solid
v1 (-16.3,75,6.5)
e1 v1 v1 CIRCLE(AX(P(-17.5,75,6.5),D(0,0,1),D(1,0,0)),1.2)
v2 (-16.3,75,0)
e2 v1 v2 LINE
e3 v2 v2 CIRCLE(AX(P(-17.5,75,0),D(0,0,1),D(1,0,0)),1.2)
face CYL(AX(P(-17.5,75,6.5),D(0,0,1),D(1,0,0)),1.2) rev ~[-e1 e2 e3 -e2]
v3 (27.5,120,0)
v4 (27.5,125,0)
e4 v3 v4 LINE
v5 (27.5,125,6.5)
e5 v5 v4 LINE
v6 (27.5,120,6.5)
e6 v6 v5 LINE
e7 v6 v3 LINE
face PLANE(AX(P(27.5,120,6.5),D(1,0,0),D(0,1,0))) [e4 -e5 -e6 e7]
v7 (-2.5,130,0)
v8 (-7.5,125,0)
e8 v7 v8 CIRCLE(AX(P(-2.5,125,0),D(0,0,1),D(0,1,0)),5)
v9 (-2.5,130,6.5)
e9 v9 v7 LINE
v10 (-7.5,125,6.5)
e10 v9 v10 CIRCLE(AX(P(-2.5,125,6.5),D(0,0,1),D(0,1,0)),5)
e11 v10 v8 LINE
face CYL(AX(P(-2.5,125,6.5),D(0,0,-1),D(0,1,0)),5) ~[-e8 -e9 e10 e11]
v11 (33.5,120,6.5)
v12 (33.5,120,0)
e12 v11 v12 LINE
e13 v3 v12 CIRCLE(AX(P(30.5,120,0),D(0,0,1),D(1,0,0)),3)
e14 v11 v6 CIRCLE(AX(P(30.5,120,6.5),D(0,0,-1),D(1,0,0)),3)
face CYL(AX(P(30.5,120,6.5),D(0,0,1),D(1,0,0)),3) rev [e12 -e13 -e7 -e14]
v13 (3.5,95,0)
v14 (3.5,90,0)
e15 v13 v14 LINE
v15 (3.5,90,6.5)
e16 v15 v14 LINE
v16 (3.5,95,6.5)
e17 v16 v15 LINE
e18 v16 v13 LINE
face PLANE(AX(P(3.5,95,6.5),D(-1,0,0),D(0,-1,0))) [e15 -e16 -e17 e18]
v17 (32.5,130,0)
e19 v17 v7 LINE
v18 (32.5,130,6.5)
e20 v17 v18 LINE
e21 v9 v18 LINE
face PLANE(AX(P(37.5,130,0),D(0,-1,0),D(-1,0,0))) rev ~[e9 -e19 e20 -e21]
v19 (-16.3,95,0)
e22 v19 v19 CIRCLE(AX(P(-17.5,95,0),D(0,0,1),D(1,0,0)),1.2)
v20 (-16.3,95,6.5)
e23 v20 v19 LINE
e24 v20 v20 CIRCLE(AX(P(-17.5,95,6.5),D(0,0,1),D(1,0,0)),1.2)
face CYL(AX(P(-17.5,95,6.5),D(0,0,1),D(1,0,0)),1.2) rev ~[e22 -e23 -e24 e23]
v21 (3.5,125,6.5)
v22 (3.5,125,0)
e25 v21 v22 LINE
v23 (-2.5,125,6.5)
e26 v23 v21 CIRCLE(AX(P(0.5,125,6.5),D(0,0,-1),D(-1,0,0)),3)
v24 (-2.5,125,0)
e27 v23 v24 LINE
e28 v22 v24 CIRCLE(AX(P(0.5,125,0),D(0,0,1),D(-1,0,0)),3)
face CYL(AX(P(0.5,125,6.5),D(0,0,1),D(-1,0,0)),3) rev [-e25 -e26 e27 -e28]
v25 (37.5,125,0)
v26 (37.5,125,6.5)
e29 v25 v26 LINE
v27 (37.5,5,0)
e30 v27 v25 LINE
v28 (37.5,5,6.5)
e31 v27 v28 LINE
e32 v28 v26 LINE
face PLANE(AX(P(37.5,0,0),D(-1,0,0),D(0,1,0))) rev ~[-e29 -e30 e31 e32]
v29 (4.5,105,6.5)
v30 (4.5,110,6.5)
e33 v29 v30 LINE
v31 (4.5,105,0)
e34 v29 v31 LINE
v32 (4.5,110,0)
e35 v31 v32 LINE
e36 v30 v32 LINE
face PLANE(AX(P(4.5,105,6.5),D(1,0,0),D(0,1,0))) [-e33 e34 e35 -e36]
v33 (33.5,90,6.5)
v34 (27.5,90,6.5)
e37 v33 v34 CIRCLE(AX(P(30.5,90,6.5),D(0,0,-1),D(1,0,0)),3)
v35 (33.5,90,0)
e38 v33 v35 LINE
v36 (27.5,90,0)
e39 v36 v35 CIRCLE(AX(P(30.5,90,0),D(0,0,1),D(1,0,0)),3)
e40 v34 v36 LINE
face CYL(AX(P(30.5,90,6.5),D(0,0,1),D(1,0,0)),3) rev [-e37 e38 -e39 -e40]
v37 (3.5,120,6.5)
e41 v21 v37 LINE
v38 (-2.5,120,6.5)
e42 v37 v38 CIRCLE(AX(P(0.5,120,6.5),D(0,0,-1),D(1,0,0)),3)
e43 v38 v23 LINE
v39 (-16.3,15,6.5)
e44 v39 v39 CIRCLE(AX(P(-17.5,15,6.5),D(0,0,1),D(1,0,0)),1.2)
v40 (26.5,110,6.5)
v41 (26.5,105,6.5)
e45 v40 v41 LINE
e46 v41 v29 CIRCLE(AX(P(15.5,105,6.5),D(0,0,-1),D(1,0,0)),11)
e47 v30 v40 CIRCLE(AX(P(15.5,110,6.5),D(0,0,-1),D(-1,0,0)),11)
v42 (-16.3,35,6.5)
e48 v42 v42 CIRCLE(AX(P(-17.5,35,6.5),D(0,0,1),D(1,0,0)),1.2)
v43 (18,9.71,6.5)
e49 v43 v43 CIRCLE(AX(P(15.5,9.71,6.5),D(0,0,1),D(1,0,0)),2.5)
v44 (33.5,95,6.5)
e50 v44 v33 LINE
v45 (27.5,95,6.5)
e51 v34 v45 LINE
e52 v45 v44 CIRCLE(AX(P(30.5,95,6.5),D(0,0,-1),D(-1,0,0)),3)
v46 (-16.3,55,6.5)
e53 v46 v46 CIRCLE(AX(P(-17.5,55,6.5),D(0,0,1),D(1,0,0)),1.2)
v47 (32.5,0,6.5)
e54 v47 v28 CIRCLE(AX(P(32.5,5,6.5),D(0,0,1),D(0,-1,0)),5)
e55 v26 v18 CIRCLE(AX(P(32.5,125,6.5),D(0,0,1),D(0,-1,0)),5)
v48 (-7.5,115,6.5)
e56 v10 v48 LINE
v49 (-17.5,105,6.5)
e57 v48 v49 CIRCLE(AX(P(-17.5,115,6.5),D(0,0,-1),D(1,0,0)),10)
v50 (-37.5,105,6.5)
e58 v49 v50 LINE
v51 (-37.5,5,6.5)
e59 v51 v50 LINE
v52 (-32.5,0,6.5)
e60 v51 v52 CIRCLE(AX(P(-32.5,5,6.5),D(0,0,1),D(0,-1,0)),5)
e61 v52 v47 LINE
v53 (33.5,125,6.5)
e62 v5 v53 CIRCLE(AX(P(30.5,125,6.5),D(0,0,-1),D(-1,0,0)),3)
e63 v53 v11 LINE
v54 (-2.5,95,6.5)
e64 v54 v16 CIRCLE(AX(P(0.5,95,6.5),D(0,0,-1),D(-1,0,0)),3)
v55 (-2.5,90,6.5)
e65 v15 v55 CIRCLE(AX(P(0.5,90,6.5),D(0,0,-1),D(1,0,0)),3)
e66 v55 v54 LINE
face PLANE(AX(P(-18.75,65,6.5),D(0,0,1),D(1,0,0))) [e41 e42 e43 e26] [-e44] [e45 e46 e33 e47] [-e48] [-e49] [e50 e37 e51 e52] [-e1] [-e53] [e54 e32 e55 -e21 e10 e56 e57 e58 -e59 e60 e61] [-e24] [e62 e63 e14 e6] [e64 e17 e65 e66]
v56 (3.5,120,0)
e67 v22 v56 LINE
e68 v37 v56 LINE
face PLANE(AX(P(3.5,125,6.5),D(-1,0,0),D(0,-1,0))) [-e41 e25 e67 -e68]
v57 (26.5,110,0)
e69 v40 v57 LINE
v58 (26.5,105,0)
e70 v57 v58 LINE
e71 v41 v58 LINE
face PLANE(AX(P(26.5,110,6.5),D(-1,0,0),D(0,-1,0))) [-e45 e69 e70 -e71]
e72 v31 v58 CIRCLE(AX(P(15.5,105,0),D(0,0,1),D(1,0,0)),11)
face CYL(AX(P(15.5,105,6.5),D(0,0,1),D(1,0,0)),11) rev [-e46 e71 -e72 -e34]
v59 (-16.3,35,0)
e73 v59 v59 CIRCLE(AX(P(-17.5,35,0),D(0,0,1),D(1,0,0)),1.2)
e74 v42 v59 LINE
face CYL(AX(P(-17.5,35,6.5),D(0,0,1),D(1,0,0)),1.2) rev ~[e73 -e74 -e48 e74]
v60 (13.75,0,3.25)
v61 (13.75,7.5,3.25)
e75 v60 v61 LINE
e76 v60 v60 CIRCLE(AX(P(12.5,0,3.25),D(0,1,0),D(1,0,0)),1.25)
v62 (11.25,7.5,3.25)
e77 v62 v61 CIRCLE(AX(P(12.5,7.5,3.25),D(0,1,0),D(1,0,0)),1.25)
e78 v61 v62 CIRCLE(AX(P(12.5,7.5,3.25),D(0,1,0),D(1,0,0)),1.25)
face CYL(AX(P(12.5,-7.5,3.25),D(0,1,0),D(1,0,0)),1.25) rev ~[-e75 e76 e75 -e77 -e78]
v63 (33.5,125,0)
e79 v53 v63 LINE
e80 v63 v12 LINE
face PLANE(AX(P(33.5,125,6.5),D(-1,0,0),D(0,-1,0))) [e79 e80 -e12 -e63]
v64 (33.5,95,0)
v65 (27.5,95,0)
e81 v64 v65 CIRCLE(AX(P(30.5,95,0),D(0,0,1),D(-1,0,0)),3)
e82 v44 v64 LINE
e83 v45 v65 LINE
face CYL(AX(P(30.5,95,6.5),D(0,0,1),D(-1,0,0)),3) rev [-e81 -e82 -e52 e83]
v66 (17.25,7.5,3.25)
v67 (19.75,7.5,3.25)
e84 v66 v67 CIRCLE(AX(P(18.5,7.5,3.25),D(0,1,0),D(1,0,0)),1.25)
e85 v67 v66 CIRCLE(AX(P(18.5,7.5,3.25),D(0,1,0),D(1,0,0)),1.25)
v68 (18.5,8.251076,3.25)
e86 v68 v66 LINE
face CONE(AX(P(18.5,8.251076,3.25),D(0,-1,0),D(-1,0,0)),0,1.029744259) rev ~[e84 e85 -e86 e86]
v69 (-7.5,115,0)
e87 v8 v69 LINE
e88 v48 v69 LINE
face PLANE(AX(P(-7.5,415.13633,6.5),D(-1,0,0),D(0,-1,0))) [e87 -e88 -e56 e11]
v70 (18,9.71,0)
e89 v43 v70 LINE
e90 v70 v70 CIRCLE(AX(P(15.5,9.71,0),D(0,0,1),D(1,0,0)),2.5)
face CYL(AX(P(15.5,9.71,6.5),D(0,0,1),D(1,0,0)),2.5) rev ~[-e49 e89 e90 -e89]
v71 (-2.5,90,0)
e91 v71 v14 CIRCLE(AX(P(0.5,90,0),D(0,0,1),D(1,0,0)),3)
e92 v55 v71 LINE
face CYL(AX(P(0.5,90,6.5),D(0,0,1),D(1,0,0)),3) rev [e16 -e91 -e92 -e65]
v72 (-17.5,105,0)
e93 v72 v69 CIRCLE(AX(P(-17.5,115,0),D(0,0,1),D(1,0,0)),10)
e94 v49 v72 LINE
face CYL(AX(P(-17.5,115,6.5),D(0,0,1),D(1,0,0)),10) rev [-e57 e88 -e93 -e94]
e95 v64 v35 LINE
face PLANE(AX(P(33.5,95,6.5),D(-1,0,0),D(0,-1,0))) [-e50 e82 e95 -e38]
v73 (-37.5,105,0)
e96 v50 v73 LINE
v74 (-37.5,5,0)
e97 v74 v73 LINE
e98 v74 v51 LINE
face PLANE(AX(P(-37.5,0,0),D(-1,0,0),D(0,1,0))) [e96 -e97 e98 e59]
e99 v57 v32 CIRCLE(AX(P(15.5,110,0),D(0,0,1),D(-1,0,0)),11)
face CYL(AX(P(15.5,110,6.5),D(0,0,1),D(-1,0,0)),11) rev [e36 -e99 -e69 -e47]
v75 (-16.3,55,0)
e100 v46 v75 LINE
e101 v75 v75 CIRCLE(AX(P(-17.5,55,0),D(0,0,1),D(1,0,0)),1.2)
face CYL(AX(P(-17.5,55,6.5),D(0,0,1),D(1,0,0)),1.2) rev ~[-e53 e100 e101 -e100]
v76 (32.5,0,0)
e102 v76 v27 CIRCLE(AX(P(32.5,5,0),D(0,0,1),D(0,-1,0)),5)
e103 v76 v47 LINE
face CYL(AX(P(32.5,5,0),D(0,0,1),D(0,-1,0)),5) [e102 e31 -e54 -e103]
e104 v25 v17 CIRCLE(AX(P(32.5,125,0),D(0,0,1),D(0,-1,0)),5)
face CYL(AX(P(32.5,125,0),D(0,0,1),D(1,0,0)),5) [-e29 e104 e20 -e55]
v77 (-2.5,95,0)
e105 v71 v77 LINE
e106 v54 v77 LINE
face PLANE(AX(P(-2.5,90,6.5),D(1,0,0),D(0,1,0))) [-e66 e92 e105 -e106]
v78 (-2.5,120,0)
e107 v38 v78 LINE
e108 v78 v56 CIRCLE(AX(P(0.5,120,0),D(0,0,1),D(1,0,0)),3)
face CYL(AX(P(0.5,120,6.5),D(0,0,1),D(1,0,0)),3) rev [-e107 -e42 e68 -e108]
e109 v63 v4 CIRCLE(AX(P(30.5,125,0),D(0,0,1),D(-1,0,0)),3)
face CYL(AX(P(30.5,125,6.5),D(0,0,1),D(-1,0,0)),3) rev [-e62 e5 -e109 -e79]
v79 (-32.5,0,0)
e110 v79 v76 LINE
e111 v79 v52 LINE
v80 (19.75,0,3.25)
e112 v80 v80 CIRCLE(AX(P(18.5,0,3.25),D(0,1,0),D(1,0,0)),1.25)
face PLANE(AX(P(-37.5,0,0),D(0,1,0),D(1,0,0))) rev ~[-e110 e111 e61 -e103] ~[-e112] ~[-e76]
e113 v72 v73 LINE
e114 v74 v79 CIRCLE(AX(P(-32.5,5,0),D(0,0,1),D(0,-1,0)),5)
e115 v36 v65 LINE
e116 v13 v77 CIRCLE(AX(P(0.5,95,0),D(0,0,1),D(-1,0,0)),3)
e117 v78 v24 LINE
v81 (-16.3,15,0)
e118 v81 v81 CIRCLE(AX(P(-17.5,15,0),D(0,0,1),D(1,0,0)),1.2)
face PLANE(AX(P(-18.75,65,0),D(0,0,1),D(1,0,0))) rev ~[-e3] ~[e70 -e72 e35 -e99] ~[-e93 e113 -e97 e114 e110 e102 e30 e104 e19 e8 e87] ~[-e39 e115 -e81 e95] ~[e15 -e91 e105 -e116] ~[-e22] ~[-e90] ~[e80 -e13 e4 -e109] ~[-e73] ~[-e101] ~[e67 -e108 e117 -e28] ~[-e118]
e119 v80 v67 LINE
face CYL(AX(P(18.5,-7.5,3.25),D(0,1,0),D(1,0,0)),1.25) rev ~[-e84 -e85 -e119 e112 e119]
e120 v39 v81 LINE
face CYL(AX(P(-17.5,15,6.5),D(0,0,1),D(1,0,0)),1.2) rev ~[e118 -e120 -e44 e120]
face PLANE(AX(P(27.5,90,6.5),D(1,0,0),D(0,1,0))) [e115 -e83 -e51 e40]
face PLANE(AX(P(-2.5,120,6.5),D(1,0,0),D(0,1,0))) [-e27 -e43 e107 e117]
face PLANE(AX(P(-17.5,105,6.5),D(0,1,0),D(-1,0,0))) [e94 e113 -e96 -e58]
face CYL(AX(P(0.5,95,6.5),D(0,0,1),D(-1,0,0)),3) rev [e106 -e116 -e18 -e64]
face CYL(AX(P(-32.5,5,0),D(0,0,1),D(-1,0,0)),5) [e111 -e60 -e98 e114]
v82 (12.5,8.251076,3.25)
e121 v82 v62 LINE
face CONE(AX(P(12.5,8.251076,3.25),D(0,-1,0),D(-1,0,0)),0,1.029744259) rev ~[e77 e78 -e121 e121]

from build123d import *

# Parameters (mm, degrees)
SKETCH1_W                         = 37.5
SKETCH1_H                         = 130
MOUNTING_PLATE_DEPTH              = 6.5
MOTOR_MOUNT_DEPTH                 = 10
LPATTERN1_COUNT                   = 2
LPATTERN1_PITCH                   = 30
LPATTERN1_COUNT_DIR2              = 2
LPATTERN1_PITCH_DIR2              = 30
MOTOR_HOLE_DEPTH                  = 7.5
LIMIT_SWITCH_PLACEMENT_DEPTH      = 1
LIMIT_SWITCH_PLACEMENT_DEPTH_BACK = 7.5
SKETCH8_R                         = 1.2
SLIDE_HOLES_DEPTH                 = 7.5
LPATTERN2_COUNT                   = 5
LPATTERN2_PITCH                   = 20
FILLET1_R                         = 5
SKETCH16_R                        = 2.5
CUT_EXTRUDE1_DEPTH                = 7.5
M3X0_5_TAPPED_HOLE1_D             = 2.5
M3X0_5_TAPPED_HOLE1_DEPTH         = 7.5
M3X0_5_TAPPED_HOLE1_TIP           = 0.751075774


with BuildPart() as part:
    # Sketch1 → Mounting Plate (new body)
    with BuildSketch(Plane.XY):
        with Locations((-18.75, 65)):
            Rectangle(SKETCH1_W, SKETCH1_H)
        with Locations((18.75, 65)):
            Rectangle(SKETCH1_W, SKETCH1_H)
    extrude(amount=MOUNTING_PLATE_DEPTH)

    # Sketch3 → Motor Mount (cut)
    with BuildSketch(Plane.XY.offset(6.5)):
        with BuildLine():
            Line((-2.5, 120), (-2.5, 125))
            ThreePointArc((-2.5, 125), (0.5, 128), (3.5, 125))
            Line((3.5, 125), (3.5, 120))
            ThreePointArc((3.5, 120), (0.5, 117), (-2.5, 120))
        make_face()
    motor_mount = extrude(amount=-MOTOR_MOUNT_DEPTH, mode=Mode.SUBTRACT)

    # LPattern1: Motor Mount 2 × 2
    with Locations(*[(i * LPATTERN1_PITCH, -j * LPATTERN1_PITCH_DIR2, 0) for i in range(LPATTERN1_COUNT) for j in range(LPATTERN1_COUNT_DIR2) if (i, j) != (0, 0)]):
        add(motor_mount, mode=Mode.SUBTRACT)

    # Sketch7 → Motor Hole (cut, through all)
    with BuildSketch(Plane.XY.offset(6.5)):
        with BuildLine():
            Line((4.5, 105), (4.5, 110))
            ThreePointArc((4.5, 110), (15.5, 121), (26.5, 110))
            Line((26.5, 110), (26.5, 105))
            ThreePointArc((26.5, 105), (15.5, 94), (4.5, 105))
        make_face()
    extrude(amount=-MOTOR_HOLE_DEPTH, mode=Mode.SUBTRACT)

    # Sketch2 → Limit Switch Placement (cut, two sides)
    with BuildSketch(Plane.XY.offset(6.5)) as limit_switch_placement_sk:
        with BuildLine():
            Line((-7.5, 415.136329844), (-7.5, 130))
            Line((-7.5, 130), (-7.5, 115))
            ThreePointArc((-7.5, 115), (-10.428932188, 107.928932188), (-17.5, 105))
            Line((-17.5, 105), (-37.5, 105))
            Line((-37.5, 105), (-322.636329844, 105))
            Line((-322.636329844, 105), (-722.642663203, 511.455212366))
            Line((-722.642663203, 511.455212366), (-407.50633336, 821.59154221))
            Line((-407.50633336, 821.59154221), (-7.5, 415.136329844))
        make_face()
    extrude(amount=LIMIT_SWITCH_PLACEMENT_DEPTH, mode=Mode.SUBTRACT)
    extrude(limit_switch_placement_sk.sketch, amount=-LIMIT_SWITCH_PLACEMENT_DEPTH_BACK, mode=Mode.SUBTRACT)

    # Sketch8 → Slide Holes (cut, through all)
    with BuildSketch(Plane.XY.offset(6.5)):
        with Locations((-17.5, 95)):
            Circle(SKETCH8_R)
    slide_holes = extrude(amount=-SLIDE_HOLES_DEPTH, mode=Mode.SUBTRACT)

    # LPattern2: Slide Holes ×5
    with Locations(*[(0, -i * LPATTERN2_PITCH, 0) for i in range(1, LPATTERN2_COUNT)]):
        add(slide_holes, mode=Mode.SUBTRACT)

    # Fillet1
    fillet1_edges = [part.edges().sort_by_distance(p)[0] for p in [
        (37.5, 130, 3.25),
        (37.5, 0, 3.25),
        (-37.5, 0, 3.25),
        (-7.5, 130, 3.25),
    ]]
    fillet(fillet1_edges, radius=FILLET1_R)

    # Sketch16 → Cut-Extrude1 (cut, through all)
    with BuildSketch(Plane.XY.offset(6.5)):
        with Locations((15.5, 9.71)):
            Circle(SKETCH16_R)
    extrude(amount=-CUT_EXTRUDE1_DEPTH, mode=Mode.SUBTRACT)

    # M3x0.5 Tapped Hole1
    with Locations(Plane(origin=(0, 0, 0), x_dir=(-1, 0, 0), z_dir=(0, -1, 0))):
        with Locations((-18.5, -3.25), (-12.5, -3.25)):
            Hole(M3X0_5_TAPPED_HOLE1_D / 2, depth=M3X0_5_TAPPED_HOLE1_DEPTH)
            with Locations((0, 0, -(M3X0_5_TAPPED_HOLE1_DEPTH + M3X0_5_TAPPED_HOLE1_TIP / 2))):  # 118° drill point
                Cone(0, M3X0_5_TAPPED_HOLE1_D / 2, M3X0_5_TAPPED_HOLE1_TIP, mode=Mode.SUBTRACT)


solid = part.part
